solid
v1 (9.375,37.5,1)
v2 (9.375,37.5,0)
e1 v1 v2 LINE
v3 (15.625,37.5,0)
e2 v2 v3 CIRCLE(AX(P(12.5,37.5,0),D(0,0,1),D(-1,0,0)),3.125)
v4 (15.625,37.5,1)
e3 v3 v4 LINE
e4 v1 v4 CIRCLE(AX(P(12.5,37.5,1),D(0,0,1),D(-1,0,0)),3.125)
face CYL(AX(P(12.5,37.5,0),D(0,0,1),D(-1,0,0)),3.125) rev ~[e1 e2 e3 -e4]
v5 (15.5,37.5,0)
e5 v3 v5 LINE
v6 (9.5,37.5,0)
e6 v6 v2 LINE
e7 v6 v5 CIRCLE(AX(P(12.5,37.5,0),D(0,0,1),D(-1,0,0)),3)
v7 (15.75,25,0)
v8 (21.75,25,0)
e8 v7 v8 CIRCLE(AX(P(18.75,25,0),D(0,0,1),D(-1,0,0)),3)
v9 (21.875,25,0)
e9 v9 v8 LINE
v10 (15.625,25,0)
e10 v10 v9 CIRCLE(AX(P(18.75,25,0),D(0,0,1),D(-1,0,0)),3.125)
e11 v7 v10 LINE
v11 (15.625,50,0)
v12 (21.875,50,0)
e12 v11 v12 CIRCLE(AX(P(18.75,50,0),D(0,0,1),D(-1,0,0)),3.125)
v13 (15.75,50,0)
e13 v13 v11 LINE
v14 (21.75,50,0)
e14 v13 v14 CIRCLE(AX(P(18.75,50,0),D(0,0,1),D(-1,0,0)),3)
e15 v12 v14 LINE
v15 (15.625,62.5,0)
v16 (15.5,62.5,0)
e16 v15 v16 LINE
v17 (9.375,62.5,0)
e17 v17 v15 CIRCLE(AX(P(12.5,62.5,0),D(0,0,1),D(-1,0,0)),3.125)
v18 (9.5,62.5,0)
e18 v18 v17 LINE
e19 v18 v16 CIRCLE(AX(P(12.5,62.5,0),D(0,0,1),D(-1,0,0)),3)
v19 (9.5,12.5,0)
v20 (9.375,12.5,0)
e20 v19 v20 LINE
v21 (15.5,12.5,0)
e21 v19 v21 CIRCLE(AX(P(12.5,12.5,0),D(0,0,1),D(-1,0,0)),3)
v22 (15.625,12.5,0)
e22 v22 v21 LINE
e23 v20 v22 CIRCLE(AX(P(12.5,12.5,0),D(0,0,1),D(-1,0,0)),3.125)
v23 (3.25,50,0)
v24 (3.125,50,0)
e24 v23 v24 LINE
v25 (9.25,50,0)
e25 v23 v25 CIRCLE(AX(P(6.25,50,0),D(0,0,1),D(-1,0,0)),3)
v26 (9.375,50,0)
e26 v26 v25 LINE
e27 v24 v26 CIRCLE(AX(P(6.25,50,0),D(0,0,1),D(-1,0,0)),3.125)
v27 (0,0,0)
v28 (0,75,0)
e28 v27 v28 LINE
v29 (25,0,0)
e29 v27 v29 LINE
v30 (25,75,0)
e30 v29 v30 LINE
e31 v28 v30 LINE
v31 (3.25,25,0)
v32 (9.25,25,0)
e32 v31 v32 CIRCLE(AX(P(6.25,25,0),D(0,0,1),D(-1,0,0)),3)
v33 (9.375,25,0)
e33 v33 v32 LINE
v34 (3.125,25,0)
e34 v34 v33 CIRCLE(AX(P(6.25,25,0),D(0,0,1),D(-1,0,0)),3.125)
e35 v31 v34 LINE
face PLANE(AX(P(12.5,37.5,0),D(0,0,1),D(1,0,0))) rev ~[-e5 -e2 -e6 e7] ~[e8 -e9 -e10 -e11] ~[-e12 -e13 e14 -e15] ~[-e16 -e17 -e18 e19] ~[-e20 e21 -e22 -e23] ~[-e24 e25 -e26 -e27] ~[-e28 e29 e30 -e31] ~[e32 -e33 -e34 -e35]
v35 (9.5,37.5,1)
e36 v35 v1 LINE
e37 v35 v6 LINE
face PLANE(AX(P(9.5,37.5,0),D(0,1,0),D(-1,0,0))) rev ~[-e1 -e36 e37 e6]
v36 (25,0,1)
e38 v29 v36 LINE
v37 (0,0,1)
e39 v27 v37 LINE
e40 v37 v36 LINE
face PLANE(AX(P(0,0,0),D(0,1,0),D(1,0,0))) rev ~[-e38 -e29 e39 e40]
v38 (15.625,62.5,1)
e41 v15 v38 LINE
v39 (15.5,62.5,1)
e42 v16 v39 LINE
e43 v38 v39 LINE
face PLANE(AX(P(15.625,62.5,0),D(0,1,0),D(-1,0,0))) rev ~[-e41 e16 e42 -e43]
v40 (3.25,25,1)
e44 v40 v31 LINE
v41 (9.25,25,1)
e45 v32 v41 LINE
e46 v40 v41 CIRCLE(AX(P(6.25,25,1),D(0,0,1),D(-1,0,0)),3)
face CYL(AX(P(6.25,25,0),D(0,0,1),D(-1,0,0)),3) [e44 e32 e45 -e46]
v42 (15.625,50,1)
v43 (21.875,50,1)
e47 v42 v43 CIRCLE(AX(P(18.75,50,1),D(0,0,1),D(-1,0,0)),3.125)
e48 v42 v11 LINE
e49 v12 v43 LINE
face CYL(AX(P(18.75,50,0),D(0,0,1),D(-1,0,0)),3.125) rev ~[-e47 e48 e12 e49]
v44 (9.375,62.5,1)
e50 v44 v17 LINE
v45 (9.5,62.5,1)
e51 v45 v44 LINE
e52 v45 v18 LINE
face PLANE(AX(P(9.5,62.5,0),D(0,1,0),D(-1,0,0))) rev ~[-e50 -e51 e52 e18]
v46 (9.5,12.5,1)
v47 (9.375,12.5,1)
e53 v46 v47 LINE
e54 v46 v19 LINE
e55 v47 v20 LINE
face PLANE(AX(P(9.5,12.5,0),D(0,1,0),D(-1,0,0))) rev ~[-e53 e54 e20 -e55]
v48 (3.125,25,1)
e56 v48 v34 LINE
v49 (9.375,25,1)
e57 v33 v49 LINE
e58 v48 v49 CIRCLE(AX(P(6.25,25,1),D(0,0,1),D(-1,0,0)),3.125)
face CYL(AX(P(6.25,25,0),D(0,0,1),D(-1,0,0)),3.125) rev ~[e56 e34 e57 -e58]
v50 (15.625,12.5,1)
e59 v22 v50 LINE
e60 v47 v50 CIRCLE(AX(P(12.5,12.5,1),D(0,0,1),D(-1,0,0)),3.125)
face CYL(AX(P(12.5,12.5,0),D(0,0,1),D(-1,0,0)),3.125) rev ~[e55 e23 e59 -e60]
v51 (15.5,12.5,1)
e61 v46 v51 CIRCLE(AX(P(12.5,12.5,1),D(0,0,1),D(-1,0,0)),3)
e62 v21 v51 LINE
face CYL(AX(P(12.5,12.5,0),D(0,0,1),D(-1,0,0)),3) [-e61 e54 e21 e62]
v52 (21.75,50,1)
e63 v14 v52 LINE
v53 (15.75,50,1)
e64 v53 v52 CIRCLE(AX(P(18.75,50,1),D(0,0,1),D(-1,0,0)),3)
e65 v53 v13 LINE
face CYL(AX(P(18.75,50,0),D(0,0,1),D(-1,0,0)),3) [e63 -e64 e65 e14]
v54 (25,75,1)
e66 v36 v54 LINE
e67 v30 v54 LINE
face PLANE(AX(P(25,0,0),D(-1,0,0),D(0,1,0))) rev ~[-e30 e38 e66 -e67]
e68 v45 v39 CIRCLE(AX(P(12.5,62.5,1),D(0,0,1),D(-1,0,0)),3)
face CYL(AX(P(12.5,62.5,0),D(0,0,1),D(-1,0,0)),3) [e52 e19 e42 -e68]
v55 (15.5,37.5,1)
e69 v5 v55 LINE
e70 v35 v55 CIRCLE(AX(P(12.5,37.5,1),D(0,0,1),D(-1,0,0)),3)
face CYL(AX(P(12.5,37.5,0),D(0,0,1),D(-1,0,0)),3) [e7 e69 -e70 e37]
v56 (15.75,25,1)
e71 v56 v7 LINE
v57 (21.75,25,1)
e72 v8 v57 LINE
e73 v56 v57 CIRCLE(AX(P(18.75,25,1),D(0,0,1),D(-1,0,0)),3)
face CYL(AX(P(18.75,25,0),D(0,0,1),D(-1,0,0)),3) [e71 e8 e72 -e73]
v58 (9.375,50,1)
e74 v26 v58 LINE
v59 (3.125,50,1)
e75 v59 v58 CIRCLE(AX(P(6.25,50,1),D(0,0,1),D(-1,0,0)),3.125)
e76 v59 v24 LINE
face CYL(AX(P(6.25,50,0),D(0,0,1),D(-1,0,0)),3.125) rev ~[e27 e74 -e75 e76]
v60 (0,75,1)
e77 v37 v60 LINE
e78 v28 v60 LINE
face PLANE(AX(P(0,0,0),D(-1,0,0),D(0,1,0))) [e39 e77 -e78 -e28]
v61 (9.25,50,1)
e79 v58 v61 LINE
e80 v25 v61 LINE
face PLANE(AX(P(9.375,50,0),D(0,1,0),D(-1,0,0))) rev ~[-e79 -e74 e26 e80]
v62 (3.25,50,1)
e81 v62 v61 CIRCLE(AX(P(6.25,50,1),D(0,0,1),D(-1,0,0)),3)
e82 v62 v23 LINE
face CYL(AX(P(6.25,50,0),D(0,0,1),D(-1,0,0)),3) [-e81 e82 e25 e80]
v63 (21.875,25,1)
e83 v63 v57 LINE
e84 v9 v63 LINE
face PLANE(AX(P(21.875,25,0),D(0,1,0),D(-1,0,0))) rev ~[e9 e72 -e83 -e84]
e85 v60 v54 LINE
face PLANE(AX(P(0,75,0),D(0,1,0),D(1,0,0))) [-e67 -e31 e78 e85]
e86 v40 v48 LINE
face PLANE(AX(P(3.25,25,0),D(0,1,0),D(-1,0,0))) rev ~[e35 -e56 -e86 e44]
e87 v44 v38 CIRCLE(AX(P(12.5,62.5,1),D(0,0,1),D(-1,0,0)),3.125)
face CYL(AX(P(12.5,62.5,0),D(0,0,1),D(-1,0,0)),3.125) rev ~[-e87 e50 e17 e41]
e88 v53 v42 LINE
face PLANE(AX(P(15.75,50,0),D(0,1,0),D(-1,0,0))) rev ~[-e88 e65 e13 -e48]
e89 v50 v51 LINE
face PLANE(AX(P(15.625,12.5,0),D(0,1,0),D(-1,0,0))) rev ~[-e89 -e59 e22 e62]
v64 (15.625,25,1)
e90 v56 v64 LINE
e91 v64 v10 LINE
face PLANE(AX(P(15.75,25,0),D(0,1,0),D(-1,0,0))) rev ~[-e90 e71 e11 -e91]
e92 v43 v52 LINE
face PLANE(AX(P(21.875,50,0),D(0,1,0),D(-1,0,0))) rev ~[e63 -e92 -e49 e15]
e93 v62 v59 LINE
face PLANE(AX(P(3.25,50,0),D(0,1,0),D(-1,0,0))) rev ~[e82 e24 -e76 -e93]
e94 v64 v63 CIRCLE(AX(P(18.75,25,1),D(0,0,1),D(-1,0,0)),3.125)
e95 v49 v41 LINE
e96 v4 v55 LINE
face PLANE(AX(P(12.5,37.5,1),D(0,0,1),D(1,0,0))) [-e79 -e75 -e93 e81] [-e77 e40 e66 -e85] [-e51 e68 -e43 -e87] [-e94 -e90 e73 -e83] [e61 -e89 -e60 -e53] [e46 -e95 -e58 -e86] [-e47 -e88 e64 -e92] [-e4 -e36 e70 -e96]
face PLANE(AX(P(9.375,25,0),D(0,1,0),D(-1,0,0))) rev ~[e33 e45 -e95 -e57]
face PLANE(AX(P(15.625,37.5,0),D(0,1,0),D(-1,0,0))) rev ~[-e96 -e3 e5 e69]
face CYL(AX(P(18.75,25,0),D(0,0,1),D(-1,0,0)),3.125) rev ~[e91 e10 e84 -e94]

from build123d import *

# Parameters (mm, degrees)
PAD030_DEPTH = 5
PAD028_DEPTH = 5
PAD026_DEPTH = 5
PAD027_DEPTH = 5
PAD029_DEPTH = 5
PAD031_DEPTH = 5
PAD032_DEPTH = 5
SKETCH024_W  = 25
SKETCH024_H  = 75
PAD023_DEPTH = 1


with BuildPart() as pattern005:
    # Sketch033 → Pad030 (new body, symmetric)
    with BuildSketch(Plane.XY):
        with BuildLine():
            ThreePointArc((3.125, 50), (6.25, 46.875), (9.375, 50))
            Line((9.375, 50), (9.25, 50))
            ThreePointArc((3.25, 50), (6.25, 47), (9.25, 50))
            Line((3.25, 50), (3.125, 50))
        make_face()
    extrude(amount=PAD030_DEPTH, both=True)


with BuildPart() as pattern003:
    # Sketch031 → Pad028 (new body, symmetric)
    with BuildSketch(Plane.XY):
        with BuildLine():
            ThreePointArc((15.625, 25), (18.75, 21.875), (21.875, 25))
            Line((21.875, 25), (21.75, 25))
            ThreePointArc((15.75, 25), (18.75, 22), (21.75, 25))
            Line((15.75, 25), (15.625, 25))
        make_face()
    extrude(amount=PAD028_DEPTH, both=True)


with BuildPart() as pattern001:
    # Sketch027 → Pad026 (new body, symmetric)
    with BuildSketch(Plane.XY):
        with BuildLine():
            ThreePointArc((9.375, 12.5), (12.5, 9.375), (15.625, 12.5))
            Line((15.625, 12.5), (15.5, 12.5))
            ThreePointArc((9.5, 12.5), (12.5, 9.5), (15.5, 12.5))
            Line((9.5, 12.5), (9.375, 12.5))
        make_face()
    extrude(amount=PAD026_DEPTH, both=True)


with BuildPart() as pattern002:
    # Sketch029 → Pad027 (new body, symmetric)
    with BuildSketch(Plane.XY):
        with BuildLine():
            ThreePointArc((3.125, 25), (6.25, 21.875), (9.375, 25))
            Line((9.375, 25), (9.25, 25))
            ThreePointArc((3.25, 25), (6.25, 22), (9.25, 25))
            Line((3.25, 25), (3.125, 25))
        make_face()
    extrude(amount=PAD027_DEPTH, both=True)


with BuildPart() as pattern004:
    # Sketch032 → Pad029 (new body, symmetric)
    with BuildSketch(Plane.XY):
        with BuildLine():
            ThreePointArc((9.375, 37.5), (12.5, 34.375), (15.625, 37.5))
            Line((15.625, 37.5), (15.5, 37.5))
            ThreePointArc((9.5, 37.5), (12.5, 34.5), (15.5, 37.5))
            Line((9.5, 37.5), (9.375, 37.5))
        make_face()
    extrude(amount=PAD029_DEPTH, both=True)


with BuildPart() as pattern006:
    # Sketch034 → Pad031 (new body, symmetric)
    with BuildSketch(Plane.XY):
        with BuildLine():
            ThreePointArc((15.625, 50), (18.75, 46.875), (21.875, 50))
            Line((21.875, 50), (21.75, 50))
            ThreePointArc((15.75, 50), (18.75, 47), (21.75, 50))
            Line((15.75, 50), (15.625, 50))
        make_face()
    extrude(amount=PAD031_DEPTH, both=True)


with BuildPart() as pattern007:
    # Sketch035 → Pad032 (new body, symmetric)
    with BuildSketch(Plane.XY):
        with BuildLine():
            ThreePointArc((9.375, 62.5), (12.5, 59.375), (15.625, 62.5))
            Line((15.625, 62.5), (15.5, 62.5))
            ThreePointArc((9.5, 62.5), (12.5, 59.5), (15.5, 62.5))
            Line((9.5, 62.5), (9.375, 62.5))
        make_face()
    extrude(amount=PAD032_DEPTH, both=True)


with BuildPart() as body022:
    # Sketch024 → Pad023 (new body)
    with BuildSketch(Plane.XY):
        with Locations((12.5, 37.5)):
            Rectangle(SKETCH024_W, SKETCH024_H)
    extrude(amount=PAD023_DEPTH)

    # Boolean006: cut pattern005, pattern003, pattern001, pattern002, pattern004, pattern006, pattern007
    add(pattern005.part, mode=Mode.SUBTRACT)
    add(pattern003.part, mode=Mode.SUBTRACT)
    add(pattern001.part, mode=Mode.SUBTRACT)
    add(pattern002.part, mode=Mode.SUBTRACT)
    add(pattern004.part, mode=Mode.SUBTRACT)
    add(pattern006.part, mode=Mode.SUBTRACT)
    add(pattern007.part, mode=Mode.SUBTRACT)


solid = body022.part
